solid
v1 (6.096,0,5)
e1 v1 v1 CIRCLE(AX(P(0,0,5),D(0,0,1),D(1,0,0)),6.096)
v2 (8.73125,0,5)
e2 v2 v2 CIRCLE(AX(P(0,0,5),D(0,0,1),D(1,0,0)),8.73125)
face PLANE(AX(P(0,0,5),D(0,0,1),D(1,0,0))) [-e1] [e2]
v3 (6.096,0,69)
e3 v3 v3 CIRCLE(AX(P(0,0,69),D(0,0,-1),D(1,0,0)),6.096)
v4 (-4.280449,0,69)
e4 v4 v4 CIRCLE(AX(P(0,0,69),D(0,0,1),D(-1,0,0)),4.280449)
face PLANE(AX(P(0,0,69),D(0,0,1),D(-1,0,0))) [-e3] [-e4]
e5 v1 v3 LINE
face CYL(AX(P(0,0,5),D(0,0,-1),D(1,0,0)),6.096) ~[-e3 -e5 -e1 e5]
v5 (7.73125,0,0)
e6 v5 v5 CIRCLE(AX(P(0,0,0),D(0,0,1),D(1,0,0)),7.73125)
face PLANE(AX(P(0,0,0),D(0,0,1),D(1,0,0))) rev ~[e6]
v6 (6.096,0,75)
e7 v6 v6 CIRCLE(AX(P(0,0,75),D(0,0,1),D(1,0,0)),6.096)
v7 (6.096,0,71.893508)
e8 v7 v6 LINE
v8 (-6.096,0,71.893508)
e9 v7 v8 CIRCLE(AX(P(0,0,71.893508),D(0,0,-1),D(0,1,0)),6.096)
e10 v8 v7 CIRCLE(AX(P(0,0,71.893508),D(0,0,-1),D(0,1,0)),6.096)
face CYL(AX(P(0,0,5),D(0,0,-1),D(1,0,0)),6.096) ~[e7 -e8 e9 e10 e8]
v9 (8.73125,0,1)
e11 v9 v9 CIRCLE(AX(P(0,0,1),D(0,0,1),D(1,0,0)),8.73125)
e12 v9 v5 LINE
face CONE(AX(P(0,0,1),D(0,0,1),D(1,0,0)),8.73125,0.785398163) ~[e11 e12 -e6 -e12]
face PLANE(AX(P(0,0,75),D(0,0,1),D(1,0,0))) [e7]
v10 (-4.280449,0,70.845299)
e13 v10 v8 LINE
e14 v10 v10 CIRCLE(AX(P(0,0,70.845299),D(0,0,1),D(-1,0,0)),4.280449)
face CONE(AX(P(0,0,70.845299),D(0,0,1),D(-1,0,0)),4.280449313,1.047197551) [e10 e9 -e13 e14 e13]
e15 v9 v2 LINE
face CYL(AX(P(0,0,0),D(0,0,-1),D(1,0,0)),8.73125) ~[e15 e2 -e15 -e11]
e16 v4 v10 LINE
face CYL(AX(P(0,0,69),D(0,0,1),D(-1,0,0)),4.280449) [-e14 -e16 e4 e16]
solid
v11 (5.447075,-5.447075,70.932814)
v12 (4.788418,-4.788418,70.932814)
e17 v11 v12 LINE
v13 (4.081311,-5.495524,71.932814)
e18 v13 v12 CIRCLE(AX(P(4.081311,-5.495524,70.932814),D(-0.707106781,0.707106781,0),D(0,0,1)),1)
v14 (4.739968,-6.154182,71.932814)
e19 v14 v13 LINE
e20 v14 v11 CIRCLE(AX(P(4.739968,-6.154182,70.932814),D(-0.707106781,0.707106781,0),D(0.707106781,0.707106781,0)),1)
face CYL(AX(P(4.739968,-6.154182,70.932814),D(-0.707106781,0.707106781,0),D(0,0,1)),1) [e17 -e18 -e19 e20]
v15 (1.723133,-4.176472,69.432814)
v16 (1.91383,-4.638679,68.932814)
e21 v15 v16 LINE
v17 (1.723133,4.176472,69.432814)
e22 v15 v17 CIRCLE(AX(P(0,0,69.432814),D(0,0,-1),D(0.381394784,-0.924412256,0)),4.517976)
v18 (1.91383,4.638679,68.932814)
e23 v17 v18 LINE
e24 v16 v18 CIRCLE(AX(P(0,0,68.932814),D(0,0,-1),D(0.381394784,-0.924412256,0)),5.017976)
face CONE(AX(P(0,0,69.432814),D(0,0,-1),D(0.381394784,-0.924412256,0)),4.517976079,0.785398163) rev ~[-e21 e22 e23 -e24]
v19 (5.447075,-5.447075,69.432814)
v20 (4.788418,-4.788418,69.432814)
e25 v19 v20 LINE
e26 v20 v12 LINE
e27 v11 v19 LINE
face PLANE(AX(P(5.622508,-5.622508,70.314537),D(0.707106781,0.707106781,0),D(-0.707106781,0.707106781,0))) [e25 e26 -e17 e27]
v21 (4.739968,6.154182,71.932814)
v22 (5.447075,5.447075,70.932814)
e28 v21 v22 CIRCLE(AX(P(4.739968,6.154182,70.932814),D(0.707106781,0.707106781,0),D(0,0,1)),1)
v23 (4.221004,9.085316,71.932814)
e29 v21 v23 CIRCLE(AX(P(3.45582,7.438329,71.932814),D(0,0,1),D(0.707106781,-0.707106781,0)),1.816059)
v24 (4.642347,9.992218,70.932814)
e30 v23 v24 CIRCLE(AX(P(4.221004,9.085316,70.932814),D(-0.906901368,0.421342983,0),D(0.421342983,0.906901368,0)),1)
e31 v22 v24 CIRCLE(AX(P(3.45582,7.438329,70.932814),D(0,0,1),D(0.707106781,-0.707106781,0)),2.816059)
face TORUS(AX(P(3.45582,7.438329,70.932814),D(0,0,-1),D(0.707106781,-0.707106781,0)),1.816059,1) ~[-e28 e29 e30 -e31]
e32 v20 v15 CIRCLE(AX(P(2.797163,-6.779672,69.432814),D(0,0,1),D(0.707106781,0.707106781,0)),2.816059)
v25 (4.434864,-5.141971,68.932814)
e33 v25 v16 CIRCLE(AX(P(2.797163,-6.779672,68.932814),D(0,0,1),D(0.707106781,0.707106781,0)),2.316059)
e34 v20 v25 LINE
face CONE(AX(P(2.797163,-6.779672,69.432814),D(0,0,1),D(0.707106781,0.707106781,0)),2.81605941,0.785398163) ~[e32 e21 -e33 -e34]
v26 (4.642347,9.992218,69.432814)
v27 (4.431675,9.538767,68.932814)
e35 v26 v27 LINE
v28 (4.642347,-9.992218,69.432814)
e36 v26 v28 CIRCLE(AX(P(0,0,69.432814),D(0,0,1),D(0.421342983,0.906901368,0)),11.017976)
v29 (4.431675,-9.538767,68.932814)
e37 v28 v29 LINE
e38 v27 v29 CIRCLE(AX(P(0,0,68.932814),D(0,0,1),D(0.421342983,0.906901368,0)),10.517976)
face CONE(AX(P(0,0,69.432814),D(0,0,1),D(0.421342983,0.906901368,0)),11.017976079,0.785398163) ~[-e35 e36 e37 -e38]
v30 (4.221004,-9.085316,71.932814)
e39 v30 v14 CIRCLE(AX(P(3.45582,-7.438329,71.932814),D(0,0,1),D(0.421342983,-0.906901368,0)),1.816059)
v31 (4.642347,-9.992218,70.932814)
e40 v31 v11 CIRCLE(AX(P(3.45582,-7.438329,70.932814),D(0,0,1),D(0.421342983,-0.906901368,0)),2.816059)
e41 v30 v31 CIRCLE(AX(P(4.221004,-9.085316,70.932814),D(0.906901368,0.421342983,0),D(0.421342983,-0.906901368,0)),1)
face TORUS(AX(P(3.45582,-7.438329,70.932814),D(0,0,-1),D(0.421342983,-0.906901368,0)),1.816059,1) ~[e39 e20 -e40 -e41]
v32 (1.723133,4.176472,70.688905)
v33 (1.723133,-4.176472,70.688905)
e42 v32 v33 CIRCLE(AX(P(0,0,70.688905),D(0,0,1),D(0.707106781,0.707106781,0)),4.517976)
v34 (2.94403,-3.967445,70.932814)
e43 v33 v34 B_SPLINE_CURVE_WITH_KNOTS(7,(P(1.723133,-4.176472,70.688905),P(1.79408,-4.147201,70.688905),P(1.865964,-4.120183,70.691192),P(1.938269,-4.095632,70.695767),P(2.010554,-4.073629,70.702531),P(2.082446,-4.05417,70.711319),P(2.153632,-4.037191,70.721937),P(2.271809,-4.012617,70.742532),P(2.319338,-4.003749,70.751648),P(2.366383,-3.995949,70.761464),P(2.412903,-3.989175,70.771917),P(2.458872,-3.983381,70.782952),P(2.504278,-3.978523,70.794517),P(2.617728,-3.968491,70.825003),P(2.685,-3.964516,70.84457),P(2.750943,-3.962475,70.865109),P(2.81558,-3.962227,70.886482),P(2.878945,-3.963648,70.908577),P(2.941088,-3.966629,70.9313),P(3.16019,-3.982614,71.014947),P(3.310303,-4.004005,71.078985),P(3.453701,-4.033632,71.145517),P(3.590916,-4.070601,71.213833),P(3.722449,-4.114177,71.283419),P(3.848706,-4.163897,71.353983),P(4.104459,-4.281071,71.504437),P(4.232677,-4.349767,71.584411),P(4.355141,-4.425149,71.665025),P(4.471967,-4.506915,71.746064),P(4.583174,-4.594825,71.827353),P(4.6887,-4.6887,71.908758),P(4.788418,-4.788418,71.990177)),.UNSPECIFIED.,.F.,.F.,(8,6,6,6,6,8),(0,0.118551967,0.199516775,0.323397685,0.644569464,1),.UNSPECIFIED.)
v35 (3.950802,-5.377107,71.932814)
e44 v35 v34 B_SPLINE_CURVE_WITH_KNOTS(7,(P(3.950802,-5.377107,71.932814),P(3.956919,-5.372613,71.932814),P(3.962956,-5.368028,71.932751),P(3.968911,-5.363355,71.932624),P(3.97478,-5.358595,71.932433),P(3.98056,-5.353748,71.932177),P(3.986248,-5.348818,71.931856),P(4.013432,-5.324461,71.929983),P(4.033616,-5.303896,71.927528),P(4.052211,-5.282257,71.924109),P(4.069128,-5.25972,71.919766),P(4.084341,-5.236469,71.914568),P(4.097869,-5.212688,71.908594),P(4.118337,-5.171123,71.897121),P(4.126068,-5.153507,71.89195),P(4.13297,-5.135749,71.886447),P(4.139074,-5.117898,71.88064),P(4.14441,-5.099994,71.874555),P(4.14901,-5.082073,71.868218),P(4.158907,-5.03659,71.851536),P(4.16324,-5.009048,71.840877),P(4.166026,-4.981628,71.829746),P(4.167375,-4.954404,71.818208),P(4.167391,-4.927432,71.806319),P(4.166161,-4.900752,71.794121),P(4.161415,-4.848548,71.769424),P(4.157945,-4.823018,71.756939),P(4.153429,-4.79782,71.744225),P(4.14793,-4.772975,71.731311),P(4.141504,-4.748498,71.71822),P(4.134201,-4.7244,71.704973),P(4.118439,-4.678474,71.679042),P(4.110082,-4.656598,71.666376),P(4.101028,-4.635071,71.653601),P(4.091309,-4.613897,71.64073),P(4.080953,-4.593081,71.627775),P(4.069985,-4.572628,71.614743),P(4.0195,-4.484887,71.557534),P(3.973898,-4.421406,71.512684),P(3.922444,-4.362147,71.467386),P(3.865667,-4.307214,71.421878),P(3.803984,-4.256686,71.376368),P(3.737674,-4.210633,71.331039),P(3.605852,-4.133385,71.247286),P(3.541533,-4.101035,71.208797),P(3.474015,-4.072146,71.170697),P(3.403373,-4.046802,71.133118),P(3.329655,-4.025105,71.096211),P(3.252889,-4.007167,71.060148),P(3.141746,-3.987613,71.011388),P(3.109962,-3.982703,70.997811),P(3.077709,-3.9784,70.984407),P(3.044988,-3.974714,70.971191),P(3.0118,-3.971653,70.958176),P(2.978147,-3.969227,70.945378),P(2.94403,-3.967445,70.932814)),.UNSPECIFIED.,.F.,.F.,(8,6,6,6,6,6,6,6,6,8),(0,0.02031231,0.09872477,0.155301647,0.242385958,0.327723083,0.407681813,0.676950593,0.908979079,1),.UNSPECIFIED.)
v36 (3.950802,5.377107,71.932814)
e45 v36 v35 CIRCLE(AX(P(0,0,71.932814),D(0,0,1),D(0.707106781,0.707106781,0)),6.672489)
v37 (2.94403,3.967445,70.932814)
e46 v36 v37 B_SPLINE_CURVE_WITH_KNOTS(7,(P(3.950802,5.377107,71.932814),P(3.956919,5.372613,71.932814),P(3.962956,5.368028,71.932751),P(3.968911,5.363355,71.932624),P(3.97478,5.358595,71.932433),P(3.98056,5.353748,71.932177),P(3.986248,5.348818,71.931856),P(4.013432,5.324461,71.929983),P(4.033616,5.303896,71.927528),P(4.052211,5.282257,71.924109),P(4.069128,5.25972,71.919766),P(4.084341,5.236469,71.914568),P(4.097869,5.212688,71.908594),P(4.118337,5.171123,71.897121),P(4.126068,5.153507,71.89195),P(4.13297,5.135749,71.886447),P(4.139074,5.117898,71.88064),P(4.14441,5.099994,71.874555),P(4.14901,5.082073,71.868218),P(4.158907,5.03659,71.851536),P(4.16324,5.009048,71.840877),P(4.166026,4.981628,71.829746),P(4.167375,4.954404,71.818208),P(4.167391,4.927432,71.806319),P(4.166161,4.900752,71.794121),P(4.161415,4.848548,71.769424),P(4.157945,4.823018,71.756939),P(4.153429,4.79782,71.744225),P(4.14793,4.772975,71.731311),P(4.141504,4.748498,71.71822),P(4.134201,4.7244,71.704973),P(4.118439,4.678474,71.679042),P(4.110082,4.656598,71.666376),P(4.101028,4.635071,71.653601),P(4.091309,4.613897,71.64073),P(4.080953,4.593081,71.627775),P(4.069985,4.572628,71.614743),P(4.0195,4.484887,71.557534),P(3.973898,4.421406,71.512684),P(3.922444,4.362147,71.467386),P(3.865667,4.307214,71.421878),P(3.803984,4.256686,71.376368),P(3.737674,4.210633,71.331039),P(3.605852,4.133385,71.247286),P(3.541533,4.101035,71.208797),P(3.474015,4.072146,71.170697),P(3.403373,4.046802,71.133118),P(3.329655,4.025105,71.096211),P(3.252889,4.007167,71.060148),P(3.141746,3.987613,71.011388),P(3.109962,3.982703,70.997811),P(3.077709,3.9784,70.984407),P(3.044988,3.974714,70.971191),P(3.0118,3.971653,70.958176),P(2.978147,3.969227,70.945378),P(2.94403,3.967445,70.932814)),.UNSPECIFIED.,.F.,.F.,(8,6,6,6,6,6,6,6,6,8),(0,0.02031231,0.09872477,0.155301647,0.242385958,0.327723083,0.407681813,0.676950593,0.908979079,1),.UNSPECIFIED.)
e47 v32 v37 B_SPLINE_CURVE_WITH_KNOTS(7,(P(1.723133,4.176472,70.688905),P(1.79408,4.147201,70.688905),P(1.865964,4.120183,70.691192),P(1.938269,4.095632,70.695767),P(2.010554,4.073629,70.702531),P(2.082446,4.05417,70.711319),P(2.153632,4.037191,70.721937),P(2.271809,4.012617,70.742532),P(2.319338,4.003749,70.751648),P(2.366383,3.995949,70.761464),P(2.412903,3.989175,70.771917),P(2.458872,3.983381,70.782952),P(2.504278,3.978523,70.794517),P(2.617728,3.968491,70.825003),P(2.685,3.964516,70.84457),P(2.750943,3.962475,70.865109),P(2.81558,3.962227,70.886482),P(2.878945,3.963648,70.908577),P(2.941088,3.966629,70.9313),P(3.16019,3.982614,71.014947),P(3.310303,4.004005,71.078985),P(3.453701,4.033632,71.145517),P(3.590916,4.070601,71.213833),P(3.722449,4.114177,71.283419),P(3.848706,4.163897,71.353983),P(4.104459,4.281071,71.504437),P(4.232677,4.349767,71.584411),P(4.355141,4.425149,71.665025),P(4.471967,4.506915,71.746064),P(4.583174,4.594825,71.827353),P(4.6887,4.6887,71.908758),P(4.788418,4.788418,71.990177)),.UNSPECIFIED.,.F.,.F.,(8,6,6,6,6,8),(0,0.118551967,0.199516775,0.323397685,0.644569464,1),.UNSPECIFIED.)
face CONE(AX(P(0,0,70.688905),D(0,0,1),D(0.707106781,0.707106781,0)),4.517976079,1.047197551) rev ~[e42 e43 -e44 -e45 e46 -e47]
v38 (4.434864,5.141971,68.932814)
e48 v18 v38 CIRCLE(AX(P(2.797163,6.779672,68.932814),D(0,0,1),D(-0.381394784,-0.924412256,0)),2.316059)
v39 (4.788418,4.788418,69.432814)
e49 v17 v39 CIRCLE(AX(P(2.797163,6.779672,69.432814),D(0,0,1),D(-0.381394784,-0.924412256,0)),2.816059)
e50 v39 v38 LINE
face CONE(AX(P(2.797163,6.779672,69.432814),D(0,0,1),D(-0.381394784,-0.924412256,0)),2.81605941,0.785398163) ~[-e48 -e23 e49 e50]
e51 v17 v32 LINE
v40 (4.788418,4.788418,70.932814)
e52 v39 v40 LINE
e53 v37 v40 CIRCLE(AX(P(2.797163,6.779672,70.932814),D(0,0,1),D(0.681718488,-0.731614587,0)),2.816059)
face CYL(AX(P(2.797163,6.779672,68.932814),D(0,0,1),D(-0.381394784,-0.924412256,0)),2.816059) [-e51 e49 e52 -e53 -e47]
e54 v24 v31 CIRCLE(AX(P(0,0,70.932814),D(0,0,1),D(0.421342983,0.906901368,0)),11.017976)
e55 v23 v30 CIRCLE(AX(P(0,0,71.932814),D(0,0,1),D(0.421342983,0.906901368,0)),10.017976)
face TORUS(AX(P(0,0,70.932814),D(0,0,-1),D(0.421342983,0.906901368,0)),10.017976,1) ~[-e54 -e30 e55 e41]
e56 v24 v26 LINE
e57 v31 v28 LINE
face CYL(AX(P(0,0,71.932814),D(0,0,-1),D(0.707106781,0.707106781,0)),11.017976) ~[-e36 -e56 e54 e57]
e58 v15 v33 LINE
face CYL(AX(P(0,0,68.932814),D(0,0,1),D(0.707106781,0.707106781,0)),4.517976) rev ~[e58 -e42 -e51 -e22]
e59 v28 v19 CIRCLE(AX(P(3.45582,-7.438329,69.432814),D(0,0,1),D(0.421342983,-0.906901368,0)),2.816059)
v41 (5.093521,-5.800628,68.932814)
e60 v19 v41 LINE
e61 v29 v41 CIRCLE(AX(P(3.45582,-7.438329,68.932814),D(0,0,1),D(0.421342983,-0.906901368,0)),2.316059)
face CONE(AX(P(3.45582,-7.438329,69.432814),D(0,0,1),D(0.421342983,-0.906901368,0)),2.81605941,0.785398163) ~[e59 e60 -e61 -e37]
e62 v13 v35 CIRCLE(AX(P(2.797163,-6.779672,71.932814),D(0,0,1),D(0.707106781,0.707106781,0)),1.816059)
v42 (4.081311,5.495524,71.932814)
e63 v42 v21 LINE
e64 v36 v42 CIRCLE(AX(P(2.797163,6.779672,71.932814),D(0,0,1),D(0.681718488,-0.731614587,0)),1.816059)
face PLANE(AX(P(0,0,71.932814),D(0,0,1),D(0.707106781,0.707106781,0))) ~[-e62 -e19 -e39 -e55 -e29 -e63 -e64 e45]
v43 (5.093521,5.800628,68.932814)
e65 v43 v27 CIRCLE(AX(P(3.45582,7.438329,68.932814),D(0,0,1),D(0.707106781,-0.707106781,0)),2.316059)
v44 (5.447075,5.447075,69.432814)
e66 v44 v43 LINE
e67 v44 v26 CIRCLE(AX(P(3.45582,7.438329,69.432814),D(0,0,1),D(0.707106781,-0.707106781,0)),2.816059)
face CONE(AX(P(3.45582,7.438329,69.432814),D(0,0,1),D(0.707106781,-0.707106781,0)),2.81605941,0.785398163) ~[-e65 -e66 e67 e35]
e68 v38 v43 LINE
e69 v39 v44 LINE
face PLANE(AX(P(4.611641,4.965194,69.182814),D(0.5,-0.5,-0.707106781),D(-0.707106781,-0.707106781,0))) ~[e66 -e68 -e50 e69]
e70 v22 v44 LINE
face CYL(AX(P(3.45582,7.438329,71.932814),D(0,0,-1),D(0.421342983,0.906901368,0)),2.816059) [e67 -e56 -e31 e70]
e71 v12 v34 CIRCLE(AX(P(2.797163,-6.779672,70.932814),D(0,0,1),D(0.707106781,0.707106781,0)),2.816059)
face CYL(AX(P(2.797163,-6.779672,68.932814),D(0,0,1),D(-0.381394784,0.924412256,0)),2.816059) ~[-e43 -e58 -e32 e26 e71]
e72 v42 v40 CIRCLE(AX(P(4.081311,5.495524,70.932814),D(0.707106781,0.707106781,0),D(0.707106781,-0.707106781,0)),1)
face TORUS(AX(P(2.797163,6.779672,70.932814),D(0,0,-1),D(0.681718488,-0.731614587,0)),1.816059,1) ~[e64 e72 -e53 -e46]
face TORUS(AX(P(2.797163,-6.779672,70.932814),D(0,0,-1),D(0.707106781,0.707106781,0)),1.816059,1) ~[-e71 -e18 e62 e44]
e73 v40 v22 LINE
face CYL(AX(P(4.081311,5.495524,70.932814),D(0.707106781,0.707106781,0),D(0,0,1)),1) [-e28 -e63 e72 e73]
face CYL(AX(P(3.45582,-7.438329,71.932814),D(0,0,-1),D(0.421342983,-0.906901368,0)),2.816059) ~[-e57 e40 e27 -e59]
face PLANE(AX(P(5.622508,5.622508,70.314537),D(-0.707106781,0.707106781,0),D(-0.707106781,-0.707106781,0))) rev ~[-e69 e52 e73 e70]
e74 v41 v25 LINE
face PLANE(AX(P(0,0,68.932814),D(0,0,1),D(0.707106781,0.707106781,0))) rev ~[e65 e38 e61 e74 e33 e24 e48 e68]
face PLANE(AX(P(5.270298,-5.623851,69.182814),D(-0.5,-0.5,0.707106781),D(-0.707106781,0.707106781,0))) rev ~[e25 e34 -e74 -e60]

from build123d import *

# Parameters (mm, degrees)
F0_R          = 8.73125
F1_DEPTH      = 5
F2_R          = 6.096
F3_DEPTH      = 70
F6_SIZE       = 1
F8_ANGLE_BACK = 135
F8_ANGLE      = 270
F9_R          = 2.8160594098
F10_SIZE      = 0.5
F11_R         = 1


with BuildPart() as f1:
    # F0 (on Top) → F1 (new body)
    with BuildSketch(Plane.XY):
        Circle(F0_R)
    extrude(amount=F1_DEPTH)

    # F2 (on face) → F3 (join)
    with BuildSketch(Plane.XY.offset(5)):
        Circle(F2_R)
    extrude(amount=F3_DEPTH)

    # F4 (on Front) → F5 (revolve, cut)
    with BuildSketch(Plane.XZ):
        Polygon((-6.2804493131, 72), (-6.2804493131, 69), (-4.2804493131, 69), (-4.2804493131, 70.8452994616), align=None)
    revolve(axis=Axis((0, 0, 75), (0, 0, 1)), mode=Mode.SUBTRACT)

    # F6
    f6_edges = [f1.edges().sort_by_distance(p)[0] for p in [
        (-8.73125, 0, 0),
    ]]
    chamfer(f6_edges, length=F6_SIZE)


with BuildPart() as f8:
    # F7 (on Front) → F8 (revolve)
    with BuildSketch(Plane.XZ, mode=Mode.PRIVATE) as f8_sk:
        Polygon((-11.0179760789, 71.9328141614), (-11.0179760789, 68.9328141614), (-4.5179760789, 68.9328141614), (-4.5179760789, 70.6889052692), (-6.6724894802, 71.9328141614), align=None)
    revolve(f8_sk.sketch.rotate(Axis((0, 0, 75), (0, 0, 1)), -F8_ANGLE_BACK), axis=Axis((0, 0, 75), (0, 0, 1)), revolution_arc=F8_ANGLE)

    # F9
    f9_edges = [f8.edges().sort_by_distance(p)[0] for p in [
        (3.194692, 3.194692, 69.81086),
        (3.194692, -3.194692, 69.81086),
        (7.790886, 7.790886, 70.432814),
        (7.790886, -7.790886, 70.432814),
    ]]
    fillet(f9_edges, radius=F9_R)

    # F10
    f10_edges = [f8.edges().sort_by_distance(p)[0] for p in [
        (-11.017976, 0, 68.932814),
    ]]
    chamfer(f10_edges, length=F10_SIZE)

    # F11
    f11_edges = [f8.edges().sort_by_distance(p)[0] for p in [
        (6.228753, -7.929283, 71.932814),
    ]]
    fillet(f11_edges, radius=F11_R)


solid = Compound([f1.part, f8.part])
